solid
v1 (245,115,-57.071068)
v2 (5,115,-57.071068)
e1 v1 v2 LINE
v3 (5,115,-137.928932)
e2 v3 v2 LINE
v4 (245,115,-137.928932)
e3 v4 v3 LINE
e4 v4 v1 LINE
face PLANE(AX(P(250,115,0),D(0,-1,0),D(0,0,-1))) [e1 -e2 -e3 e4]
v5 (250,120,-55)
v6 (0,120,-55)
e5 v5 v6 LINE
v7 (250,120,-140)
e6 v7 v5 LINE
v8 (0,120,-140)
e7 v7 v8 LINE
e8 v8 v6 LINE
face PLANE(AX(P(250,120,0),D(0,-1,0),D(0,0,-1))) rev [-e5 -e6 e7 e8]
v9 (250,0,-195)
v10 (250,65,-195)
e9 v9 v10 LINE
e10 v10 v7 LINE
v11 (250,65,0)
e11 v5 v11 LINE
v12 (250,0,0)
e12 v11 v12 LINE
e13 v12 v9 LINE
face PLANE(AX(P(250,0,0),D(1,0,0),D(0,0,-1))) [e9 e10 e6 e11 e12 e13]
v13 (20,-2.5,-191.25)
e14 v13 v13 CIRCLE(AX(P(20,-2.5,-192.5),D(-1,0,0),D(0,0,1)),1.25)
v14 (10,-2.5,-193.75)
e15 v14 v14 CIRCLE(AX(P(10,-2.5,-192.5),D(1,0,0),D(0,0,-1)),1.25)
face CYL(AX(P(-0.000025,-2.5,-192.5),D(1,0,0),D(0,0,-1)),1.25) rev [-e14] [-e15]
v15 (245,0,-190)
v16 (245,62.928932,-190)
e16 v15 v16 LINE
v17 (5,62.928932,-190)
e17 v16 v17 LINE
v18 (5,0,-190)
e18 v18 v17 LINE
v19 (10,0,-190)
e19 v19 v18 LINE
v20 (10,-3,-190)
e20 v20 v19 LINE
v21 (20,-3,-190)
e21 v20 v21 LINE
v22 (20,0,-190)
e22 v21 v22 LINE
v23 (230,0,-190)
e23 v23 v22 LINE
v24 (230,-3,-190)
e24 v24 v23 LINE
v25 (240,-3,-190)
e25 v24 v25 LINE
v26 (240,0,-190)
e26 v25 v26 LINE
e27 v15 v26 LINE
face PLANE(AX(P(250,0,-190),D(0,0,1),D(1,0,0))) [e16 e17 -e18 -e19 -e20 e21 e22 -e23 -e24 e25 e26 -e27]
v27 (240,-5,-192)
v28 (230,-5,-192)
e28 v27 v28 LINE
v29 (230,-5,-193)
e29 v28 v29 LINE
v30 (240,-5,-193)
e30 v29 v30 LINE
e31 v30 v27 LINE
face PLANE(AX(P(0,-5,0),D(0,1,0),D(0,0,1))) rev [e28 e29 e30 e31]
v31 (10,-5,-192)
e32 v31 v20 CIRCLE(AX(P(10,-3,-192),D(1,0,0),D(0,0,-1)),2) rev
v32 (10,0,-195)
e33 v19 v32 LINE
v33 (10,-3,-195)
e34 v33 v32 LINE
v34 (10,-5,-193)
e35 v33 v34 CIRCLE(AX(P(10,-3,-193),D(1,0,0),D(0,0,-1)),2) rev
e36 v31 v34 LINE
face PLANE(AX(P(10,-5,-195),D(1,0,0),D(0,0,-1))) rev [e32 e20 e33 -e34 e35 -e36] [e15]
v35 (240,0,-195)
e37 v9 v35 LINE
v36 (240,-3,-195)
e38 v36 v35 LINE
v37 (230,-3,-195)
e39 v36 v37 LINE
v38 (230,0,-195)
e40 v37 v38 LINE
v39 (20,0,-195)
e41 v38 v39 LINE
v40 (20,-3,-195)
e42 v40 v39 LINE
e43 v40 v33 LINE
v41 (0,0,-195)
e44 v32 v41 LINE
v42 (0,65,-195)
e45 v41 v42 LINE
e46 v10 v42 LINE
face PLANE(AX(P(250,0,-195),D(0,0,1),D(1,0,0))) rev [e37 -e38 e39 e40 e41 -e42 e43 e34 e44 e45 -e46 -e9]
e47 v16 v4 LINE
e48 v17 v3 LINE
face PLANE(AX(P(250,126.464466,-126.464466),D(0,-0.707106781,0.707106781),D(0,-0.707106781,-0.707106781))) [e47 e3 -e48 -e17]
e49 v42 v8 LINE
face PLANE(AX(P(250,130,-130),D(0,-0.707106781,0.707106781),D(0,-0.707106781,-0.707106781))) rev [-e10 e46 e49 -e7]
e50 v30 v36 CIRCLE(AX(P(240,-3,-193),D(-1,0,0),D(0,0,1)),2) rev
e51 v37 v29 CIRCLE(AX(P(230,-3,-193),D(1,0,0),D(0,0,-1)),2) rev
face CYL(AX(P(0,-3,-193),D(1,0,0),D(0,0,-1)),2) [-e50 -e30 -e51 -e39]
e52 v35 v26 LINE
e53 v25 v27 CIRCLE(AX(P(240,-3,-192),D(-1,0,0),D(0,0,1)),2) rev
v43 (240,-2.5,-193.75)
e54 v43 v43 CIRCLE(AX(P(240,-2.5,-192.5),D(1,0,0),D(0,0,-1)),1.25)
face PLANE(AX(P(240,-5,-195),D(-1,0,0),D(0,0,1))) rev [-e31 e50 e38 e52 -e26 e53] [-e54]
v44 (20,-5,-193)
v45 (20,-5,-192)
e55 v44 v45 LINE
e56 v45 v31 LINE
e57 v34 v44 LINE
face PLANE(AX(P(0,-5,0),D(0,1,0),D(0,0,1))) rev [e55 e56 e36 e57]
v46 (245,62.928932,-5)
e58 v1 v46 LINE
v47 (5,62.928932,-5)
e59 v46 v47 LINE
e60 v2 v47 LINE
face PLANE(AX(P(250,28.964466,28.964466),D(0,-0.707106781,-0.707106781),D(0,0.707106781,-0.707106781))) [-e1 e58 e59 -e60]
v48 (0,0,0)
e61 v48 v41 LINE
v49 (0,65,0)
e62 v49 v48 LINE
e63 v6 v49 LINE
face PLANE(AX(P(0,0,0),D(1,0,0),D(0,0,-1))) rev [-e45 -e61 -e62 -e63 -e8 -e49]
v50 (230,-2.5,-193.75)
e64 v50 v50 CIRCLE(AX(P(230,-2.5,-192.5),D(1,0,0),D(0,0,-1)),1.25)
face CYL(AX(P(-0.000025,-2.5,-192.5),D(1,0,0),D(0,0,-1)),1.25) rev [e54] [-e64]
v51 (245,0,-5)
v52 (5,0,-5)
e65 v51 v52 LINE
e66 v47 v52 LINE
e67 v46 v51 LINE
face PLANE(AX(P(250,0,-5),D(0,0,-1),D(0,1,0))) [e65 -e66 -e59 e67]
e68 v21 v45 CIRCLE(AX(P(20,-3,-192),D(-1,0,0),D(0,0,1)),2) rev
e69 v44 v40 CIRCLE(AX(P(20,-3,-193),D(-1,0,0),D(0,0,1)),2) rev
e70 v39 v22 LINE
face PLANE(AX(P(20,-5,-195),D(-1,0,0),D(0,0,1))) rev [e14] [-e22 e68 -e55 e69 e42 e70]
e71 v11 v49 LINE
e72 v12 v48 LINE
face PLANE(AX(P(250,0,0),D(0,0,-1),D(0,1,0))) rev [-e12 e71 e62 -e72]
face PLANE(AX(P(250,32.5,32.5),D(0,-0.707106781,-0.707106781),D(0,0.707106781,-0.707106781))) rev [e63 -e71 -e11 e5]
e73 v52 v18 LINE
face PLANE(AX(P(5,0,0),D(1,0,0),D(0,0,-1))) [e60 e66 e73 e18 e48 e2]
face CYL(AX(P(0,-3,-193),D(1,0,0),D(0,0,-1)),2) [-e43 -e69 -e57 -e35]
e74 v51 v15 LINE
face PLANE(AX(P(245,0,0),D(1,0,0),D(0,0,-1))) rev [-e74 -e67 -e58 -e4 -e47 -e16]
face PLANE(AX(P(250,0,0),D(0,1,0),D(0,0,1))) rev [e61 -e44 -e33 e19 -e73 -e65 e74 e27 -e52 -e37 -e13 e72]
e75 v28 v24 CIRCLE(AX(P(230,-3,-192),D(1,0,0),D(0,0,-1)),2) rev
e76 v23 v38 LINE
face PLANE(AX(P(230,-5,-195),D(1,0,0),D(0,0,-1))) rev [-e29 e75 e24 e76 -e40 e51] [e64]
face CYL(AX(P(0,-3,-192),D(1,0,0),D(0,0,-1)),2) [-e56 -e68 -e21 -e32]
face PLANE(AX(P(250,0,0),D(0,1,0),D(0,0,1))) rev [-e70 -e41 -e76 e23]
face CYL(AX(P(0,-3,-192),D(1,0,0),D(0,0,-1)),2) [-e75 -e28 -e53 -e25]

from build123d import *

# Parameters (mm, degrees)
BOSS_EXTRUDE1_DEPTH = 250
SHELL1_T            = -5
SKETCH4_W           = 10
SKETCH4_H           = 5
BOSS_EXTRUDE3_DEPTH = 5
SKETCH5_R           = 1.25
CUT_EXTRUDE3_DEPTH  = 241
FILLET2_R           = 2


with BuildPart() as part:
    # Sketch1 → Boss-Extrude1 (new body)
    with BuildSketch(Plane(origin=(0, 0, 0), x_dir=(0, 0, -1), z_dir=(1, 0, 0))):
        Polygon((0, 0), (195, 0), (195, 65), (140, 120), (55, 120), (0, 65), align=None)
    extrude(amount=BOSS_EXTRUDE1_DEPTH)

    # Shell1
    shell1_openings = [part.faces().sort_by_distance(p)[0] for p in [
        (125, 0, -97.5),
    ]]
    offset(amount=SHELL1_T, openings=shell1_openings, kind=Kind.INTERSECTION)

    # Sketch4 → Boss-Extrude3 (add)
    with BuildSketch(Plane.XZ):
        with Locations((15, -192.5)):
            Rectangle(SKETCH4_W, SKETCH4_H)
        with Locations((235, -192.5)):
            Rectangle(SKETCH4_W, SKETCH4_H)
    extrude(amount=BOSS_EXTRUDE3_DEPTH)

    # Sketch5 → Cut-Extrude3 (cut, through all)
    with BuildSketch(Plane(origin=(240, 0, 0), x_dir=(0, 0, -1), z_dir=(1, 0, 0))):
        with Locations((192.5, -2.5)):
            Circle(SKETCH5_R)
    extrude(amount=-CUT_EXTRUDE3_DEPTH, mode=Mode.SUBTRACT)

    # Fillet2
    fillet2_edges = [part.edges().sort_by_distance(p)[0] for p in [
        (235, -5, -195),
        (235, -5, -190),
        (15, -5, -190),
        (15, -5, -195),
    ]]
    fillet(fillet2_edges, radius=FILLET2_R)


solid = part.part
